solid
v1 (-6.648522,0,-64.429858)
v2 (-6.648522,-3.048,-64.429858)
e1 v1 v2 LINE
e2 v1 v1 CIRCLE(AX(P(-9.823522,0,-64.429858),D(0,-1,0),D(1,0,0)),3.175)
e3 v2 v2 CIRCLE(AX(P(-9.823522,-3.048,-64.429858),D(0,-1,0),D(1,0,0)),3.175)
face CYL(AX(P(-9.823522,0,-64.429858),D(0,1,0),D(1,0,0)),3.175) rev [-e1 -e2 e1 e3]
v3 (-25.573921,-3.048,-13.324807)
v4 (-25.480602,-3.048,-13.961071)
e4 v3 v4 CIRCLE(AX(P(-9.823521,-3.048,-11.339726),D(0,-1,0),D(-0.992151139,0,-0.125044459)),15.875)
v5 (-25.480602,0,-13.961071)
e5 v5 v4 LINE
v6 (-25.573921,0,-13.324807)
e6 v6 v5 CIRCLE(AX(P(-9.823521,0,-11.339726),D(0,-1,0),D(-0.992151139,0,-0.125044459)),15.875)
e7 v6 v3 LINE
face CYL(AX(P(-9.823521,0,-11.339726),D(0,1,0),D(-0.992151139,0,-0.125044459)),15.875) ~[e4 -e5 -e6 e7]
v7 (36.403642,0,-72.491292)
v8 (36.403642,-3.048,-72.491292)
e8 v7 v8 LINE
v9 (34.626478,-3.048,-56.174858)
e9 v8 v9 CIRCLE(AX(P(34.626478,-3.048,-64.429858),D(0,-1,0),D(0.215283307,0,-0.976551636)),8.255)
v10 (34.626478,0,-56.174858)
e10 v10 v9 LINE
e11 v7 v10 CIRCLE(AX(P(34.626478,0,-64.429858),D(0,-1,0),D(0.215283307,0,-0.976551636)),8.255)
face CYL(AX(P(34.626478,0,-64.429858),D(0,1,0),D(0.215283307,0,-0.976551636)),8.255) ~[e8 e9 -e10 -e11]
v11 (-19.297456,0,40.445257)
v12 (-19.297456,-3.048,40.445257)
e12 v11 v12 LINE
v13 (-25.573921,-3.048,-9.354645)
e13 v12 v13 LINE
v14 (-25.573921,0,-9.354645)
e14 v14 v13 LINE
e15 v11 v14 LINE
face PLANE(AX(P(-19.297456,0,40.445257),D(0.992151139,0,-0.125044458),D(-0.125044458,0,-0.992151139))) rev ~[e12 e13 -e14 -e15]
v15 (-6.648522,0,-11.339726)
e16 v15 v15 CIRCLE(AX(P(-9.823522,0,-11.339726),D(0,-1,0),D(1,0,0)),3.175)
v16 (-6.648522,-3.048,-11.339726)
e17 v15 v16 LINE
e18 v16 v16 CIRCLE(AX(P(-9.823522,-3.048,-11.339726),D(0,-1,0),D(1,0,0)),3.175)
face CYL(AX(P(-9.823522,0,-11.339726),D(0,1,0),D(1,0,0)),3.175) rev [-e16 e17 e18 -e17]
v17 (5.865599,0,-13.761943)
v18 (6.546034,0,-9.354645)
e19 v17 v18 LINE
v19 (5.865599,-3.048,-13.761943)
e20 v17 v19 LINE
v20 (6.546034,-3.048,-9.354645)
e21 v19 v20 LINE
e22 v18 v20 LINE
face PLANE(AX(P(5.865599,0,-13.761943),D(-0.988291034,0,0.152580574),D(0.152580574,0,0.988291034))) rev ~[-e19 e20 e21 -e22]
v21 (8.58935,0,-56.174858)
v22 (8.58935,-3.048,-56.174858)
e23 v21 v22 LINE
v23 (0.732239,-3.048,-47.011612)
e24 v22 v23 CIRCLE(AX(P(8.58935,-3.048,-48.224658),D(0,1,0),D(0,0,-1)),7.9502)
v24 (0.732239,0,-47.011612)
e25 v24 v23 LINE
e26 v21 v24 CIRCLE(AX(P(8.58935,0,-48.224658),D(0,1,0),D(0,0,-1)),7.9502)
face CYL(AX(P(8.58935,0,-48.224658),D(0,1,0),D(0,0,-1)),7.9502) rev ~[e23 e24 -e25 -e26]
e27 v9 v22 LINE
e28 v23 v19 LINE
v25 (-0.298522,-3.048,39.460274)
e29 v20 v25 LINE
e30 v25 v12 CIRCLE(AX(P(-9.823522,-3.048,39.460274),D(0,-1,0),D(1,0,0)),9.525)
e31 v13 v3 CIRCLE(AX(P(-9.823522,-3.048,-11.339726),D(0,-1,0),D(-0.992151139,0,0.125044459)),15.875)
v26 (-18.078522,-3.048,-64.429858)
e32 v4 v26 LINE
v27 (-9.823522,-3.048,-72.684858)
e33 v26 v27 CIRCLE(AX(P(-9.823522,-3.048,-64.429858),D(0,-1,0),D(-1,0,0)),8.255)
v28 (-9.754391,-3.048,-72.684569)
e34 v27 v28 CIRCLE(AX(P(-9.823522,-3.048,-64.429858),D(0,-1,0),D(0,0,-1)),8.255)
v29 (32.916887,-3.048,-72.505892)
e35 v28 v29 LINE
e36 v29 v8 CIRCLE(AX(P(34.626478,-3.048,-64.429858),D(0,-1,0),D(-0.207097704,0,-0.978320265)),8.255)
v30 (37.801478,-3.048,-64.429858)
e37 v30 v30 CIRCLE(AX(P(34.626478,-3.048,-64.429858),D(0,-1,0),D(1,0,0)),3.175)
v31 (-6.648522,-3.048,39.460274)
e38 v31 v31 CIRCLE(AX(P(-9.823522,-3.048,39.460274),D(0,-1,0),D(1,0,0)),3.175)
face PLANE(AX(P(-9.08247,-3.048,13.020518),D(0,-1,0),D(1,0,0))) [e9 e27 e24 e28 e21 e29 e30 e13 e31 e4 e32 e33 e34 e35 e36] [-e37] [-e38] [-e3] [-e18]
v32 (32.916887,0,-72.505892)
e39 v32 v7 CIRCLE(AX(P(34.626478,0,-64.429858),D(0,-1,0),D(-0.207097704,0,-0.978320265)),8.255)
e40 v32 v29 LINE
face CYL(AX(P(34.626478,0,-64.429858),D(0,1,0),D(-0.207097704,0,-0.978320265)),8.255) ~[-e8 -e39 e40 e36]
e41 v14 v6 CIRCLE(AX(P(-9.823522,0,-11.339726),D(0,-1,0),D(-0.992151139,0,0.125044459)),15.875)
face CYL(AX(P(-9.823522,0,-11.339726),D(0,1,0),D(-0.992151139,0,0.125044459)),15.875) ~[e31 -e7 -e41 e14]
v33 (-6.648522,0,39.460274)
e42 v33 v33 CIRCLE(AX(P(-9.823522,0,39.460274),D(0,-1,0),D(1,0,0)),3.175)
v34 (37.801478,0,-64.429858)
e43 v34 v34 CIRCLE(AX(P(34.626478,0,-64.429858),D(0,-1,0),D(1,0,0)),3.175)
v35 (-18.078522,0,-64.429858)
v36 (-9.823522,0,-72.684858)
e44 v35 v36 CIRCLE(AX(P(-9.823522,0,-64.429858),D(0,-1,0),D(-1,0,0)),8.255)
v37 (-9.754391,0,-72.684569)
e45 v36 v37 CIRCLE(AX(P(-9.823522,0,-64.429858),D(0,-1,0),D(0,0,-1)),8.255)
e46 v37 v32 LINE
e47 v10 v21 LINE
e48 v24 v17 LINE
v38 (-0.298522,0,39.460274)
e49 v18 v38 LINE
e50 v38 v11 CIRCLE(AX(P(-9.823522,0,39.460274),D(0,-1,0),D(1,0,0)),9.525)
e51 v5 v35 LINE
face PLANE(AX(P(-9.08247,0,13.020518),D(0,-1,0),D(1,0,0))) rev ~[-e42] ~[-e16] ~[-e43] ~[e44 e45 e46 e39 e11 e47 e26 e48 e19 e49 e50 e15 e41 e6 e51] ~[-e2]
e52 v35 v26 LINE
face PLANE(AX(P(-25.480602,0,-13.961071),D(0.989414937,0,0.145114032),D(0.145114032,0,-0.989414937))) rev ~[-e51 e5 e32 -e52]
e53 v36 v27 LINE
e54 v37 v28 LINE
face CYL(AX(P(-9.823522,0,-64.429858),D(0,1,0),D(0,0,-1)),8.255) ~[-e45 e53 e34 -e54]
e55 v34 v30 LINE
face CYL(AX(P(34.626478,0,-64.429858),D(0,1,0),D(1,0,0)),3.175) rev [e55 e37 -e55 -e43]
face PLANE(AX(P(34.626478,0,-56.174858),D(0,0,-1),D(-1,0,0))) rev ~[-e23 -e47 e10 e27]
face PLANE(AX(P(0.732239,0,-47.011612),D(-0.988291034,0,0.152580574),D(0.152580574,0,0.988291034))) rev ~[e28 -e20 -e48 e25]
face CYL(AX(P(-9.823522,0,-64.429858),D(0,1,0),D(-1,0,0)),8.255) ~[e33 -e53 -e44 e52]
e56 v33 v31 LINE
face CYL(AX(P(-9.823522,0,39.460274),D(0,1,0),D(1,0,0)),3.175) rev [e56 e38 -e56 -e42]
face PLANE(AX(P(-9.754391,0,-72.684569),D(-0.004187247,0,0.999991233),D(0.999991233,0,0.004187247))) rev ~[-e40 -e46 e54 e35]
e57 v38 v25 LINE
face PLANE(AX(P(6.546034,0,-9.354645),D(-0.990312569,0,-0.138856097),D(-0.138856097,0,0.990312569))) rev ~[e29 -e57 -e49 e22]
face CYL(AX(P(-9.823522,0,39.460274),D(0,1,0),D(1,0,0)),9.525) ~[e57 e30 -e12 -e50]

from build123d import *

# Parameters (mm, degrees)
F0_R     = 3.175
F1_DEPTH = 3.048


with BuildPart() as f1:
    # F0 (on Front) → F1 (new body)
    with BuildSketch(Plane.XZ):
        with BuildLine():
            Line((6.5460337262, -9.3546453118), (-0.2985215992, 39.4602739096))
            ThreePointArc((-0.2985215992, 39.4602739096), (-10.3166747036, 29.9480488799), (-19.2974559857, 40.4452572803))
            Line((-19.2974559857, 40.4452572803), (-25.573920937, -9.3546453118))
            ThreePointArc((-25.573920937, -9.3546453118), (-8.8290278809, 4.5040931223), (6.0514784008, -11.3397260904))
            ThreePointArc((6.0514784008, -11.3397260904), (6.0049402159, -12.554395415), (5.8655985182, -13.7619430381))
            Line((5.8655985182, -13.7619430381), (6.5460337262, -9.3546453118))
        make_face()
        with BuildLine():
            ThreePointArc((-18.0785215992, -64.429858196), (-15.6606880779, -70.2670246746), (-9.8235215992, -72.684858196))
            ThreePointArc((-9.8235215992, -72.684858196), (-3.9863551205, -70.2670246746), (-1.5685215992, -64.429858196))
            ThreePointArc((-1.5685215992, -64.429858196), (-9.8235215992, -56.174858196), (-18.0785215992, -64.429858196))
        make_face()
        with Locations((-9.8235215992, -64.429858196)):
            Circle(F0_R, mode=Mode.SUBTRACT)
        with BuildLine():
            ThreePointArc((6.0514784008, -11.3397260904), (-8.8290278809, 4.5040931223), (-25.573920937, -9.3546453118))
            ThreePointArc((-25.573920937, -9.3546453118), (-25.6985215992, -11.3397260904), (-25.573920937, -13.3248068691))
            Line((-25.573920937, -13.3248068691), (-25.4806023452, -13.9610706907))
            ThreePointArc((-25.4806023452, -13.9610706907), (-9.7226772347, -27.2144057853), (5.8655985182, -13.7619430381))
            ThreePointArc((5.8655985182, -13.7619430381), (6.0049402159, -12.554395415), (6.0514784008, -11.3397260904))
        make_face()
        with Locations((-9.8235215992, -11.3397260904)):
            Circle(F0_R, mode=Mode.SUBTRACT)
        with BuildLine():
            ThreePointArc((42.8814784008, -64.429858196), (40.4636448795, -58.5926917173), (34.6264784008, -56.174858196))
            ThreePointArc((34.6264784008, -56.174858196), (26.4163418634, -63.5703914795), (32.9168868583, -72.5058919847))
            Line((32.9168868583, -72.5058919847), (36.4036420965, -72.4912919517))
            ThreePointArc((36.4036420965, -72.4912919517), (41.0613642315, -69.6006675471), (42.8814784008, -64.429858196))
        make_face()
        with Locations((34.6264784008, -64.429858196)):
            Circle(F0_R, mode=Mode.SUBTRACT)
        with BuildLine():
            Line((0.7322386, -47.011612119), (5.8655985182, -13.7619430381))
            ThreePointArc((5.8655985182, -13.7619430381), (-9.7226772347, -27.2144057853), (-25.4806023452, -13.9610706907))
            Line((-25.4806023452, -13.9610706907), (-18.0785215992, -64.429858196))
            ThreePointArc((-18.0785215992, -64.429858196), (-9.8235215992, -56.174858196), (-1.5685215992, -64.429858196))
            ThreePointArc((-1.5685215992, -64.429858196), (-3.9863551205, -70.2670246746), (-9.8235215992, -72.684858196))
            Line((-9.8235215992, -72.684858196), (32.9168868583, -72.5058919847))
            ThreePointArc((32.9168868583, -72.5058919847), (26.4163418634, -63.5703914795), (34.6264784008, -56.174858196))
            Line((34.6264784008, -56.174858196), (8.5893499811, -56.174858196))
            ThreePointArc((8.5893499811, -56.174858196), (2.5540521856, -53.3996809553), (0.7322386, -47.011612119))
        make_face()
        with BuildLine():
            Line((36.4036420965, -72.4912919517), (32.9168868583, -72.5058919847))
            ThreePointArc((32.9168868583, -72.5058919847), (34.6610441239, -72.684785828), (36.4036420965, -72.4912919517))
        make_face()
        with BuildLine():
            Line((-25.4806023452, -13.9610706907), (-25.573920937, -13.3248068691))
            ThreePointArc((-25.573920937, -13.3248068691), (-25.5304837248, -13.6434113517), (-25.4806023452, -13.9610706907))
        make_face()
        with BuildLine():
            ThreePointArc((-19.2974559857, 40.4452572803), (-10.3166747036, 29.9480488799), (-0.2985215992, 39.4602739096))
            ThreePointArc((-0.2985215992, 39.4602739096), (-9.3303684948, 48.9724989393), (-19.2974559857, 40.4452572803))
        make_face()
        with Locations((-9.8235215992, 39.4602739096)):
            Circle(F0_R, mode=Mode.SUBTRACT)
    extrude(amount=F1_DEPTH)


solid = f1.part
